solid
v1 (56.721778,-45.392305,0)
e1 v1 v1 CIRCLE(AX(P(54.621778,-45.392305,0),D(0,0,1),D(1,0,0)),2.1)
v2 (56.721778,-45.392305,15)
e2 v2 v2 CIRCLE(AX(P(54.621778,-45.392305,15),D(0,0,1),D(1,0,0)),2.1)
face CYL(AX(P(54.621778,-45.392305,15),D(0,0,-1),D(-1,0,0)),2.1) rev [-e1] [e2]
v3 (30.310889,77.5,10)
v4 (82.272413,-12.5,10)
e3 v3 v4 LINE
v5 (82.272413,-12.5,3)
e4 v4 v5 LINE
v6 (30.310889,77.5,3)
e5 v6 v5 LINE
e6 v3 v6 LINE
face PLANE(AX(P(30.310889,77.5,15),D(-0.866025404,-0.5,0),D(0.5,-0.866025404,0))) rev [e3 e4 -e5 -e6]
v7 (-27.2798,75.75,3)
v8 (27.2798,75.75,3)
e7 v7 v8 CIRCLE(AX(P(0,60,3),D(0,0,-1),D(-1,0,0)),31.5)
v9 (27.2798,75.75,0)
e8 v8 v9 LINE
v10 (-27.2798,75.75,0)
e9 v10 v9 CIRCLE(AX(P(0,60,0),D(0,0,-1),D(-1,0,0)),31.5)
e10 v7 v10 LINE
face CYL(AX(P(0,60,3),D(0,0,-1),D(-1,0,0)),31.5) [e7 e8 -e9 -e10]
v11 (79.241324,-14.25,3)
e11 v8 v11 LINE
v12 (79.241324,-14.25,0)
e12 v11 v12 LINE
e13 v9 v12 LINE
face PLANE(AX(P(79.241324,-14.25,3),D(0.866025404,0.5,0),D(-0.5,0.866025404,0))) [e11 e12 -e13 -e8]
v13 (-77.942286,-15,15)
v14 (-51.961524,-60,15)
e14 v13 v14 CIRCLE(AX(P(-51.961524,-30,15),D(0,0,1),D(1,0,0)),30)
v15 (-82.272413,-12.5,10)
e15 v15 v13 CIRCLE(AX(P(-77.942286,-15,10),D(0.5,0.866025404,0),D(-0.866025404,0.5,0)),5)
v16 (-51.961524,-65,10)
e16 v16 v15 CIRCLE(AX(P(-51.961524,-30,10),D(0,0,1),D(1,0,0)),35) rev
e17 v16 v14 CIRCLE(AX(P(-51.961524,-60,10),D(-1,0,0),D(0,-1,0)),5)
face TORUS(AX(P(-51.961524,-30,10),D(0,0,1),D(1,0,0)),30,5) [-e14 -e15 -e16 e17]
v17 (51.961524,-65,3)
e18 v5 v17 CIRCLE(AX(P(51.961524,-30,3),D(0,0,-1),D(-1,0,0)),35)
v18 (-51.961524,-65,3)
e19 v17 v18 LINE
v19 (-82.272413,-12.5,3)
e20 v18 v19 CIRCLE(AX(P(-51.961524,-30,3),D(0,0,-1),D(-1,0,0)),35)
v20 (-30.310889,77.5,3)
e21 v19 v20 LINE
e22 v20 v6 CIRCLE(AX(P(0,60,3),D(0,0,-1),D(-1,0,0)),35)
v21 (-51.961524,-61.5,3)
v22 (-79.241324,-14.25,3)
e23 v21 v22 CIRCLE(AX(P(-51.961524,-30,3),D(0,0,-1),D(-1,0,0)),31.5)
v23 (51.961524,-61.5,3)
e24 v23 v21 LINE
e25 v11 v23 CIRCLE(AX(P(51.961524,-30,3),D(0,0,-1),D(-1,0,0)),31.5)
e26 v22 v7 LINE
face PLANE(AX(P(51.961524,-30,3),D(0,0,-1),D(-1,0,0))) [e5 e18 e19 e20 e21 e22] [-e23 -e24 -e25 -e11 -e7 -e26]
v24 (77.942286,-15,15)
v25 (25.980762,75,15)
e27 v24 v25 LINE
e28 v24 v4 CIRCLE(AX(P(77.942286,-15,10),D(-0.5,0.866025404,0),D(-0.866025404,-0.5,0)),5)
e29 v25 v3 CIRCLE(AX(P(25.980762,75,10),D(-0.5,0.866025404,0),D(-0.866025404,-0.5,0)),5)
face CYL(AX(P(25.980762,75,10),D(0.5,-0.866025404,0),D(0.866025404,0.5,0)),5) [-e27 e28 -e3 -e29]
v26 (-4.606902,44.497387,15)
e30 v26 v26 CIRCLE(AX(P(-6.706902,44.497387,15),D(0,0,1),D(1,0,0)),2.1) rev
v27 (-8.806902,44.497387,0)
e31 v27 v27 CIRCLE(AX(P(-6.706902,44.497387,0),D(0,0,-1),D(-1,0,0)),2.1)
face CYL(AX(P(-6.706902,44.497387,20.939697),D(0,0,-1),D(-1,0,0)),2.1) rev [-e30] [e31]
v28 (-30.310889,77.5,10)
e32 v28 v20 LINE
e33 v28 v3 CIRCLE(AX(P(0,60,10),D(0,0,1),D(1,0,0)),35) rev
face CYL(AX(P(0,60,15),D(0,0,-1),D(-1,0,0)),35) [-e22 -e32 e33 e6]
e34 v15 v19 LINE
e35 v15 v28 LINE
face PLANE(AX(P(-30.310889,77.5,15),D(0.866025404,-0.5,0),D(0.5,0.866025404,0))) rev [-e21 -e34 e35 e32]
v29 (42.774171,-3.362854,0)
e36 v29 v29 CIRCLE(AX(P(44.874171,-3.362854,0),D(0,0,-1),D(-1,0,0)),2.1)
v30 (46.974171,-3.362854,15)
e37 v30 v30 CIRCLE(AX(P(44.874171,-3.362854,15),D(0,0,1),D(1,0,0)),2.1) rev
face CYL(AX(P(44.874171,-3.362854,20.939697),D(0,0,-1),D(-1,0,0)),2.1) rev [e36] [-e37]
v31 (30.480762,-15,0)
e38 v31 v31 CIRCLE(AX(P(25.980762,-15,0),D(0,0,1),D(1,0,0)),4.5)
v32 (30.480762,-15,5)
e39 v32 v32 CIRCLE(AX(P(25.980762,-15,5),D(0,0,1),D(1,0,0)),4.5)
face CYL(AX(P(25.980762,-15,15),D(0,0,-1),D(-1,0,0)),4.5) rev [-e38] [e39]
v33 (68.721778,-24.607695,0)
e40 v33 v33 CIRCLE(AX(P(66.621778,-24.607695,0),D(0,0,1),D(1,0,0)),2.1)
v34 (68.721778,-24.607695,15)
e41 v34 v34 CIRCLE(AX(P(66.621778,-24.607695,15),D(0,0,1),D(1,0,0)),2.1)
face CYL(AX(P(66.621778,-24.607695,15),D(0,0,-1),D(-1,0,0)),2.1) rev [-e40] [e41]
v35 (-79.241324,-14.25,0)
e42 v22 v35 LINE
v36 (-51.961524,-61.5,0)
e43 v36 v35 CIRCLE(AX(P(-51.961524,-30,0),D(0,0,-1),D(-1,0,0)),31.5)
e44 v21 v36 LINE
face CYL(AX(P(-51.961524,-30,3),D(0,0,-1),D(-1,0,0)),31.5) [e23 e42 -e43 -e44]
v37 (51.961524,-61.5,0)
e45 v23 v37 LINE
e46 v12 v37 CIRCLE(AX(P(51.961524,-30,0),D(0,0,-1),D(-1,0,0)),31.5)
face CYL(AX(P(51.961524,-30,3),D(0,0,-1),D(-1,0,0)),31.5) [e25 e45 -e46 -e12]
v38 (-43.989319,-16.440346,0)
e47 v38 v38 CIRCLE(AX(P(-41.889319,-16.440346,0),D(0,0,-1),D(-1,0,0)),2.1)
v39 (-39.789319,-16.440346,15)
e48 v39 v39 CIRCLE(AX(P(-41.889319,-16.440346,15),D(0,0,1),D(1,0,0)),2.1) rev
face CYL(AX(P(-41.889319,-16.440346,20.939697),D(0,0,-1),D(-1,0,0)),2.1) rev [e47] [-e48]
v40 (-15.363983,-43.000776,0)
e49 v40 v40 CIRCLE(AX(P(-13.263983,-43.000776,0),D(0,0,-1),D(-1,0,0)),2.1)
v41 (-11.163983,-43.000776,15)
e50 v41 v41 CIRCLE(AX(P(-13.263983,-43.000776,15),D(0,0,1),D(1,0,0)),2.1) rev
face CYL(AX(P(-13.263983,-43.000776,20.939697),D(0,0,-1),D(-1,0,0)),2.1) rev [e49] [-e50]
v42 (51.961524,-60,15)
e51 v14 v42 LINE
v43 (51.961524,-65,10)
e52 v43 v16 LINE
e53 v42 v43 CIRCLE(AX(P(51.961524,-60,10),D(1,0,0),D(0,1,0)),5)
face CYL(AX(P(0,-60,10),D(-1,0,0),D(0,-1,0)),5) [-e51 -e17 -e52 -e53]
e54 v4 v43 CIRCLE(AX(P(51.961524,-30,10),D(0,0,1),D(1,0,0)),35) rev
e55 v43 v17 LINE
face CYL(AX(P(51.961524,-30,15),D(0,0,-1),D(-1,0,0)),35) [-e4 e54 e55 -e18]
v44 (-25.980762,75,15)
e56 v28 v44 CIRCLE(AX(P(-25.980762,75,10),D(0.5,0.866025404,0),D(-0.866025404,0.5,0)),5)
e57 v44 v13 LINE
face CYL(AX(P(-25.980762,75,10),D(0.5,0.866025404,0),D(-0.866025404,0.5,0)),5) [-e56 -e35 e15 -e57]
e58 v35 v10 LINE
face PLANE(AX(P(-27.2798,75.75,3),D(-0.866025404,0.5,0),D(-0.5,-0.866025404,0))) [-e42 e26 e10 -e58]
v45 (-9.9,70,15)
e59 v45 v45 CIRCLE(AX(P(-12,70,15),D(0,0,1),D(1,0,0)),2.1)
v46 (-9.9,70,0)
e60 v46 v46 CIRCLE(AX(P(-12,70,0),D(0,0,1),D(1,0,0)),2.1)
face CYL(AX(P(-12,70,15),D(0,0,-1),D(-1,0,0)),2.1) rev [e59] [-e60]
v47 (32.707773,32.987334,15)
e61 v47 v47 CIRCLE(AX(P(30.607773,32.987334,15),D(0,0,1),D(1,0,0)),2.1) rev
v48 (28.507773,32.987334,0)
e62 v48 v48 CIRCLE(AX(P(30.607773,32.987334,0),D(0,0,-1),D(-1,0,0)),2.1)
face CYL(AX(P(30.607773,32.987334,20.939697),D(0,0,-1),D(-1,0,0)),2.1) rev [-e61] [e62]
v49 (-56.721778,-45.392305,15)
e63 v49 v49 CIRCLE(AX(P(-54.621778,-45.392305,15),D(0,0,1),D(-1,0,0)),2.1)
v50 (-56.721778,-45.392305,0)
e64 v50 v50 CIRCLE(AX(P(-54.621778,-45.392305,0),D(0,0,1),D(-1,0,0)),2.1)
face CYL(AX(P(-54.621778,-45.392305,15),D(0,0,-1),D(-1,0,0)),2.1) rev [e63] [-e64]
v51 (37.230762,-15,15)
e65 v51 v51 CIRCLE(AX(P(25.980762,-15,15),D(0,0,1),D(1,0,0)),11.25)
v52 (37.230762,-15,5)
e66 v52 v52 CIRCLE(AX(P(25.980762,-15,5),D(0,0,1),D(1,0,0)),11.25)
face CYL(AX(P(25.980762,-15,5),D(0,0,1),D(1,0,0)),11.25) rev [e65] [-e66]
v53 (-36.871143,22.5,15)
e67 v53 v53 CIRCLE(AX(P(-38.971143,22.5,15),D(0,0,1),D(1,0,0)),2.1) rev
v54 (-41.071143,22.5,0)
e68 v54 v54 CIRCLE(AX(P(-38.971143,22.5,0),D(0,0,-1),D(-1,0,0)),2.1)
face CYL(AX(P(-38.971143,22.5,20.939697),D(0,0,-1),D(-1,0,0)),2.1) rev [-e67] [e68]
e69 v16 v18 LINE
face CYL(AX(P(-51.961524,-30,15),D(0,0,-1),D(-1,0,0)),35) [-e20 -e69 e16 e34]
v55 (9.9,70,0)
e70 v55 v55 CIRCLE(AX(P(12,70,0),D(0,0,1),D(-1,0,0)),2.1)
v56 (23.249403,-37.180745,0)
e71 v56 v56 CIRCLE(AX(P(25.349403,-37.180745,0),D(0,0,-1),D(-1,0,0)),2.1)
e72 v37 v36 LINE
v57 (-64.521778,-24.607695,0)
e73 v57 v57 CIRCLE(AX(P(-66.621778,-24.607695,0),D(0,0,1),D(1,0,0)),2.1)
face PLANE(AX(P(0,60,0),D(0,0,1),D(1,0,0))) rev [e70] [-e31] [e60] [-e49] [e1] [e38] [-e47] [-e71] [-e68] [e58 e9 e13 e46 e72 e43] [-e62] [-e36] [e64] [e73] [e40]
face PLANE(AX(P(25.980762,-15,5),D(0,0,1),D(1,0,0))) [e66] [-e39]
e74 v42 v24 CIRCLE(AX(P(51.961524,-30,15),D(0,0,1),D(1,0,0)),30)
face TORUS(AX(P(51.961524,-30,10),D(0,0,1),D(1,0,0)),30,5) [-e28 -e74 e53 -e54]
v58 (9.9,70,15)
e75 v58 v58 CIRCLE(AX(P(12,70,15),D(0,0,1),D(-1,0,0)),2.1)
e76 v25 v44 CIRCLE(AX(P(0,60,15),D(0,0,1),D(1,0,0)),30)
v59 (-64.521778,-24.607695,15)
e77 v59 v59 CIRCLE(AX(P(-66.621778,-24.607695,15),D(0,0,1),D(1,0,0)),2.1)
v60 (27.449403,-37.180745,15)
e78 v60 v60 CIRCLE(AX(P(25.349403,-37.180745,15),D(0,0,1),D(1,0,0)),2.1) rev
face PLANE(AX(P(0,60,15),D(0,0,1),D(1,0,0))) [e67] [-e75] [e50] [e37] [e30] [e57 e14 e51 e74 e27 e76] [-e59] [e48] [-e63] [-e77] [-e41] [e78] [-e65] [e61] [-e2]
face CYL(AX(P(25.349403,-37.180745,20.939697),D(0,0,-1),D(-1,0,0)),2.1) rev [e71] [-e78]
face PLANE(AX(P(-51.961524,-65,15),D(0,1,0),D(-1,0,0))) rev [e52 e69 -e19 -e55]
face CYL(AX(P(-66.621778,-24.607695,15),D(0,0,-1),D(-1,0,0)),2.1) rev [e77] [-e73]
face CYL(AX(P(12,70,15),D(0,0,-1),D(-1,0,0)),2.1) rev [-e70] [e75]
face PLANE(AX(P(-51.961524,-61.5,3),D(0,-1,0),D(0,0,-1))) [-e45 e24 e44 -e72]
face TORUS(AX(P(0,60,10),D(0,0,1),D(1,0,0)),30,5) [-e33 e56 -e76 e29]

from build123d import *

# Parameters (mm, degrees)
ESBO_O1_R                = 2.1
ESBO_O1_R_2              = 4.5
RESSALTO_EXTRUS_O1_DEPTH = 15
ESBO_O2_R                = 2.1
CORTE_EXTRUS_O1_DEPTH    = 15
CORTE_EXTRUS_O2_DEPTH    = 3
ESBO_O5_R                = 11.25
CORTE_EXTRUS_O3_DEPTH    = 10
FILETE1_R                = 5


with BuildPart() as part:
    # Esboço1 → Ressalto-extrusão1 (new body)
    with BuildSketch(Plane.XY):
        with BuildLine():
            Line((-30.310889132, 77.5), (-82.27241336, -12.5))
            ThreePointArc((-82.27241336, -12.5), (-82.27241336, -47.5), (-51.961524227, -65))
            Line((-51.961524227, -65), (51.961524227, -65))
            ThreePointArc((51.961524227, -65), (82.27241336, -47.5), (82.27241336, -12.5))
            Line((82.27241336, -12.5), (30.310889132, 77.5))
            ThreePointArc((30.310889132, 77.5), (0, 95), (-30.310889132, 77.5))
        make_face()
        with Locations((-12, 70)):
            Circle(ESBO_O1_R, mode=Mode.SUBTRACT)
        with Locations((-66.621778265, -24.607695155)):
            Circle(ESBO_O1_R, mode=Mode.SUBTRACT)
        with Locations(Location((12, 70, 0), (0, 0, 180))):
            Circle(ESBO_O1_R, mode=Mode.SUBTRACT)
        with Locations(Location((-54.621778265, -45.392304845, 0), (0, 0, 180))):
            Circle(ESBO_O1_R, mode=Mode.SUBTRACT)
        with Locations((66.621778265, -24.607695155)):
            Circle(ESBO_O1_R, mode=Mode.SUBTRACT)
        with Locations((54.621778265, -45.392304845)):
            Circle(ESBO_O1_R, mode=Mode.SUBTRACT)
        with Locations((25.980762114, -15)):
            Circle(ESBO_O1_R_2, mode=Mode.SUBTRACT)
    extrude(amount=RESSALTO_EXTRUS_O1_DEPTH)

    # Esboço2 → Corte-extrusão1 (cut)
    with BuildSketch(Plane(origin=(0, 0, 0), x_dir=(-1, 0, 0), z_dir=(0, 0, -1))):
        with Locations((38.97114317, 22.5)):
            Circle(ESBO_O2_R)
        with Locations((41.889318689, -16.440346096)):
            Circle(ESBO_O2_R)
        with Locations((13.263982849, -43.00077626)):
            Circle(ESBO_O2_R)
        with Locations((-25.349402613, -37.180744844)):
            Circle(ESBO_O2_R)
        with Locations((-44.874170873, -3.362854211)):
            Circle(ESBO_O2_R)
        with Locations((-30.6077732, 32.987334232)):
            Circle(ESBO_O2_R)
        with Locations((6.706901978, 44.49738718)):
            Circle(ESBO_O2_R)
    extrude(amount=-CORTE_EXTRUS_O1_DEPTH, mode=Mode.SUBTRACT)

    # Esboço4 → Corte-extrusão2 (cut)
    with BuildSketch(Plane(origin=(0, 0, 0), x_dir=(-1, 0, 0), z_dir=(0, 0, -1))):
        with BuildLine():
            Line((51.961524227, -65), (-51.961524227, -65))
            ThreePointArc((-51.961524227, -65), (-82.27241336, -47.5), (-82.27241336, -12.5))
            Line((-82.27241336, -12.5), (-30.310889132, 77.5))
            ThreePointArc((-30.310889132, 77.5), (0, 95), (30.310889132, 77.5))
            Line((30.310889132, 77.5), (82.27241336, -12.5))
            ThreePointArc((82.27241336, -12.5), (82.27241336, -47.5), (51.961524227, -65))
        make_face()
        with BuildLine():
            Line((51.961524227, -61.5), (-51.961524227, -61.5))
            ThreePointArc((-51.961524227, -61.5), (-79.241324446, -45.75), (-79.241324446, -14.25))
            Line((-79.241324446, -14.25), (-27.279800219, 75.75))
            ThreePointArc((-27.279800219, 75.75), (0, 91.5), (27.279800219, 75.75))
            Line((27.279800219, 75.75), (79.241324446, -14.25))
            ThreePointArc((79.241324446, -14.25), (79.241324446, -45.75), (51.961524227, -61.5))
        make_face(mode=Mode.SUBTRACT)
    extrude(amount=-CORTE_EXTRUS_O2_DEPTH, mode=Mode.SUBTRACT)

    # Esboço5 → Corte-extrusão3 (cut)
    with BuildSketch(Plane.XY.offset(15)):
        with Locations((25.980762114, -15)):
            Circle(ESBO_O5_R)
    extrude(amount=-CORTE_EXTRUS_O3_DEPTH, mode=Mode.SUBTRACT)

    # Filete1
    filete1_edges = [part.edges().sort_by_distance(p)[0] for p in [
        (-82.27241336, -47.5, 15),
        (0, -65, 15),
        (82.27241336, -47.5, 15),
        (56.291651246, 32.5, 15),
        (0, 95, 15),
        (-56.291651246, 32.5, 15),
    ]]
    fillet(filete1_edges, radius=FILETE1_R)


solid = part.part
